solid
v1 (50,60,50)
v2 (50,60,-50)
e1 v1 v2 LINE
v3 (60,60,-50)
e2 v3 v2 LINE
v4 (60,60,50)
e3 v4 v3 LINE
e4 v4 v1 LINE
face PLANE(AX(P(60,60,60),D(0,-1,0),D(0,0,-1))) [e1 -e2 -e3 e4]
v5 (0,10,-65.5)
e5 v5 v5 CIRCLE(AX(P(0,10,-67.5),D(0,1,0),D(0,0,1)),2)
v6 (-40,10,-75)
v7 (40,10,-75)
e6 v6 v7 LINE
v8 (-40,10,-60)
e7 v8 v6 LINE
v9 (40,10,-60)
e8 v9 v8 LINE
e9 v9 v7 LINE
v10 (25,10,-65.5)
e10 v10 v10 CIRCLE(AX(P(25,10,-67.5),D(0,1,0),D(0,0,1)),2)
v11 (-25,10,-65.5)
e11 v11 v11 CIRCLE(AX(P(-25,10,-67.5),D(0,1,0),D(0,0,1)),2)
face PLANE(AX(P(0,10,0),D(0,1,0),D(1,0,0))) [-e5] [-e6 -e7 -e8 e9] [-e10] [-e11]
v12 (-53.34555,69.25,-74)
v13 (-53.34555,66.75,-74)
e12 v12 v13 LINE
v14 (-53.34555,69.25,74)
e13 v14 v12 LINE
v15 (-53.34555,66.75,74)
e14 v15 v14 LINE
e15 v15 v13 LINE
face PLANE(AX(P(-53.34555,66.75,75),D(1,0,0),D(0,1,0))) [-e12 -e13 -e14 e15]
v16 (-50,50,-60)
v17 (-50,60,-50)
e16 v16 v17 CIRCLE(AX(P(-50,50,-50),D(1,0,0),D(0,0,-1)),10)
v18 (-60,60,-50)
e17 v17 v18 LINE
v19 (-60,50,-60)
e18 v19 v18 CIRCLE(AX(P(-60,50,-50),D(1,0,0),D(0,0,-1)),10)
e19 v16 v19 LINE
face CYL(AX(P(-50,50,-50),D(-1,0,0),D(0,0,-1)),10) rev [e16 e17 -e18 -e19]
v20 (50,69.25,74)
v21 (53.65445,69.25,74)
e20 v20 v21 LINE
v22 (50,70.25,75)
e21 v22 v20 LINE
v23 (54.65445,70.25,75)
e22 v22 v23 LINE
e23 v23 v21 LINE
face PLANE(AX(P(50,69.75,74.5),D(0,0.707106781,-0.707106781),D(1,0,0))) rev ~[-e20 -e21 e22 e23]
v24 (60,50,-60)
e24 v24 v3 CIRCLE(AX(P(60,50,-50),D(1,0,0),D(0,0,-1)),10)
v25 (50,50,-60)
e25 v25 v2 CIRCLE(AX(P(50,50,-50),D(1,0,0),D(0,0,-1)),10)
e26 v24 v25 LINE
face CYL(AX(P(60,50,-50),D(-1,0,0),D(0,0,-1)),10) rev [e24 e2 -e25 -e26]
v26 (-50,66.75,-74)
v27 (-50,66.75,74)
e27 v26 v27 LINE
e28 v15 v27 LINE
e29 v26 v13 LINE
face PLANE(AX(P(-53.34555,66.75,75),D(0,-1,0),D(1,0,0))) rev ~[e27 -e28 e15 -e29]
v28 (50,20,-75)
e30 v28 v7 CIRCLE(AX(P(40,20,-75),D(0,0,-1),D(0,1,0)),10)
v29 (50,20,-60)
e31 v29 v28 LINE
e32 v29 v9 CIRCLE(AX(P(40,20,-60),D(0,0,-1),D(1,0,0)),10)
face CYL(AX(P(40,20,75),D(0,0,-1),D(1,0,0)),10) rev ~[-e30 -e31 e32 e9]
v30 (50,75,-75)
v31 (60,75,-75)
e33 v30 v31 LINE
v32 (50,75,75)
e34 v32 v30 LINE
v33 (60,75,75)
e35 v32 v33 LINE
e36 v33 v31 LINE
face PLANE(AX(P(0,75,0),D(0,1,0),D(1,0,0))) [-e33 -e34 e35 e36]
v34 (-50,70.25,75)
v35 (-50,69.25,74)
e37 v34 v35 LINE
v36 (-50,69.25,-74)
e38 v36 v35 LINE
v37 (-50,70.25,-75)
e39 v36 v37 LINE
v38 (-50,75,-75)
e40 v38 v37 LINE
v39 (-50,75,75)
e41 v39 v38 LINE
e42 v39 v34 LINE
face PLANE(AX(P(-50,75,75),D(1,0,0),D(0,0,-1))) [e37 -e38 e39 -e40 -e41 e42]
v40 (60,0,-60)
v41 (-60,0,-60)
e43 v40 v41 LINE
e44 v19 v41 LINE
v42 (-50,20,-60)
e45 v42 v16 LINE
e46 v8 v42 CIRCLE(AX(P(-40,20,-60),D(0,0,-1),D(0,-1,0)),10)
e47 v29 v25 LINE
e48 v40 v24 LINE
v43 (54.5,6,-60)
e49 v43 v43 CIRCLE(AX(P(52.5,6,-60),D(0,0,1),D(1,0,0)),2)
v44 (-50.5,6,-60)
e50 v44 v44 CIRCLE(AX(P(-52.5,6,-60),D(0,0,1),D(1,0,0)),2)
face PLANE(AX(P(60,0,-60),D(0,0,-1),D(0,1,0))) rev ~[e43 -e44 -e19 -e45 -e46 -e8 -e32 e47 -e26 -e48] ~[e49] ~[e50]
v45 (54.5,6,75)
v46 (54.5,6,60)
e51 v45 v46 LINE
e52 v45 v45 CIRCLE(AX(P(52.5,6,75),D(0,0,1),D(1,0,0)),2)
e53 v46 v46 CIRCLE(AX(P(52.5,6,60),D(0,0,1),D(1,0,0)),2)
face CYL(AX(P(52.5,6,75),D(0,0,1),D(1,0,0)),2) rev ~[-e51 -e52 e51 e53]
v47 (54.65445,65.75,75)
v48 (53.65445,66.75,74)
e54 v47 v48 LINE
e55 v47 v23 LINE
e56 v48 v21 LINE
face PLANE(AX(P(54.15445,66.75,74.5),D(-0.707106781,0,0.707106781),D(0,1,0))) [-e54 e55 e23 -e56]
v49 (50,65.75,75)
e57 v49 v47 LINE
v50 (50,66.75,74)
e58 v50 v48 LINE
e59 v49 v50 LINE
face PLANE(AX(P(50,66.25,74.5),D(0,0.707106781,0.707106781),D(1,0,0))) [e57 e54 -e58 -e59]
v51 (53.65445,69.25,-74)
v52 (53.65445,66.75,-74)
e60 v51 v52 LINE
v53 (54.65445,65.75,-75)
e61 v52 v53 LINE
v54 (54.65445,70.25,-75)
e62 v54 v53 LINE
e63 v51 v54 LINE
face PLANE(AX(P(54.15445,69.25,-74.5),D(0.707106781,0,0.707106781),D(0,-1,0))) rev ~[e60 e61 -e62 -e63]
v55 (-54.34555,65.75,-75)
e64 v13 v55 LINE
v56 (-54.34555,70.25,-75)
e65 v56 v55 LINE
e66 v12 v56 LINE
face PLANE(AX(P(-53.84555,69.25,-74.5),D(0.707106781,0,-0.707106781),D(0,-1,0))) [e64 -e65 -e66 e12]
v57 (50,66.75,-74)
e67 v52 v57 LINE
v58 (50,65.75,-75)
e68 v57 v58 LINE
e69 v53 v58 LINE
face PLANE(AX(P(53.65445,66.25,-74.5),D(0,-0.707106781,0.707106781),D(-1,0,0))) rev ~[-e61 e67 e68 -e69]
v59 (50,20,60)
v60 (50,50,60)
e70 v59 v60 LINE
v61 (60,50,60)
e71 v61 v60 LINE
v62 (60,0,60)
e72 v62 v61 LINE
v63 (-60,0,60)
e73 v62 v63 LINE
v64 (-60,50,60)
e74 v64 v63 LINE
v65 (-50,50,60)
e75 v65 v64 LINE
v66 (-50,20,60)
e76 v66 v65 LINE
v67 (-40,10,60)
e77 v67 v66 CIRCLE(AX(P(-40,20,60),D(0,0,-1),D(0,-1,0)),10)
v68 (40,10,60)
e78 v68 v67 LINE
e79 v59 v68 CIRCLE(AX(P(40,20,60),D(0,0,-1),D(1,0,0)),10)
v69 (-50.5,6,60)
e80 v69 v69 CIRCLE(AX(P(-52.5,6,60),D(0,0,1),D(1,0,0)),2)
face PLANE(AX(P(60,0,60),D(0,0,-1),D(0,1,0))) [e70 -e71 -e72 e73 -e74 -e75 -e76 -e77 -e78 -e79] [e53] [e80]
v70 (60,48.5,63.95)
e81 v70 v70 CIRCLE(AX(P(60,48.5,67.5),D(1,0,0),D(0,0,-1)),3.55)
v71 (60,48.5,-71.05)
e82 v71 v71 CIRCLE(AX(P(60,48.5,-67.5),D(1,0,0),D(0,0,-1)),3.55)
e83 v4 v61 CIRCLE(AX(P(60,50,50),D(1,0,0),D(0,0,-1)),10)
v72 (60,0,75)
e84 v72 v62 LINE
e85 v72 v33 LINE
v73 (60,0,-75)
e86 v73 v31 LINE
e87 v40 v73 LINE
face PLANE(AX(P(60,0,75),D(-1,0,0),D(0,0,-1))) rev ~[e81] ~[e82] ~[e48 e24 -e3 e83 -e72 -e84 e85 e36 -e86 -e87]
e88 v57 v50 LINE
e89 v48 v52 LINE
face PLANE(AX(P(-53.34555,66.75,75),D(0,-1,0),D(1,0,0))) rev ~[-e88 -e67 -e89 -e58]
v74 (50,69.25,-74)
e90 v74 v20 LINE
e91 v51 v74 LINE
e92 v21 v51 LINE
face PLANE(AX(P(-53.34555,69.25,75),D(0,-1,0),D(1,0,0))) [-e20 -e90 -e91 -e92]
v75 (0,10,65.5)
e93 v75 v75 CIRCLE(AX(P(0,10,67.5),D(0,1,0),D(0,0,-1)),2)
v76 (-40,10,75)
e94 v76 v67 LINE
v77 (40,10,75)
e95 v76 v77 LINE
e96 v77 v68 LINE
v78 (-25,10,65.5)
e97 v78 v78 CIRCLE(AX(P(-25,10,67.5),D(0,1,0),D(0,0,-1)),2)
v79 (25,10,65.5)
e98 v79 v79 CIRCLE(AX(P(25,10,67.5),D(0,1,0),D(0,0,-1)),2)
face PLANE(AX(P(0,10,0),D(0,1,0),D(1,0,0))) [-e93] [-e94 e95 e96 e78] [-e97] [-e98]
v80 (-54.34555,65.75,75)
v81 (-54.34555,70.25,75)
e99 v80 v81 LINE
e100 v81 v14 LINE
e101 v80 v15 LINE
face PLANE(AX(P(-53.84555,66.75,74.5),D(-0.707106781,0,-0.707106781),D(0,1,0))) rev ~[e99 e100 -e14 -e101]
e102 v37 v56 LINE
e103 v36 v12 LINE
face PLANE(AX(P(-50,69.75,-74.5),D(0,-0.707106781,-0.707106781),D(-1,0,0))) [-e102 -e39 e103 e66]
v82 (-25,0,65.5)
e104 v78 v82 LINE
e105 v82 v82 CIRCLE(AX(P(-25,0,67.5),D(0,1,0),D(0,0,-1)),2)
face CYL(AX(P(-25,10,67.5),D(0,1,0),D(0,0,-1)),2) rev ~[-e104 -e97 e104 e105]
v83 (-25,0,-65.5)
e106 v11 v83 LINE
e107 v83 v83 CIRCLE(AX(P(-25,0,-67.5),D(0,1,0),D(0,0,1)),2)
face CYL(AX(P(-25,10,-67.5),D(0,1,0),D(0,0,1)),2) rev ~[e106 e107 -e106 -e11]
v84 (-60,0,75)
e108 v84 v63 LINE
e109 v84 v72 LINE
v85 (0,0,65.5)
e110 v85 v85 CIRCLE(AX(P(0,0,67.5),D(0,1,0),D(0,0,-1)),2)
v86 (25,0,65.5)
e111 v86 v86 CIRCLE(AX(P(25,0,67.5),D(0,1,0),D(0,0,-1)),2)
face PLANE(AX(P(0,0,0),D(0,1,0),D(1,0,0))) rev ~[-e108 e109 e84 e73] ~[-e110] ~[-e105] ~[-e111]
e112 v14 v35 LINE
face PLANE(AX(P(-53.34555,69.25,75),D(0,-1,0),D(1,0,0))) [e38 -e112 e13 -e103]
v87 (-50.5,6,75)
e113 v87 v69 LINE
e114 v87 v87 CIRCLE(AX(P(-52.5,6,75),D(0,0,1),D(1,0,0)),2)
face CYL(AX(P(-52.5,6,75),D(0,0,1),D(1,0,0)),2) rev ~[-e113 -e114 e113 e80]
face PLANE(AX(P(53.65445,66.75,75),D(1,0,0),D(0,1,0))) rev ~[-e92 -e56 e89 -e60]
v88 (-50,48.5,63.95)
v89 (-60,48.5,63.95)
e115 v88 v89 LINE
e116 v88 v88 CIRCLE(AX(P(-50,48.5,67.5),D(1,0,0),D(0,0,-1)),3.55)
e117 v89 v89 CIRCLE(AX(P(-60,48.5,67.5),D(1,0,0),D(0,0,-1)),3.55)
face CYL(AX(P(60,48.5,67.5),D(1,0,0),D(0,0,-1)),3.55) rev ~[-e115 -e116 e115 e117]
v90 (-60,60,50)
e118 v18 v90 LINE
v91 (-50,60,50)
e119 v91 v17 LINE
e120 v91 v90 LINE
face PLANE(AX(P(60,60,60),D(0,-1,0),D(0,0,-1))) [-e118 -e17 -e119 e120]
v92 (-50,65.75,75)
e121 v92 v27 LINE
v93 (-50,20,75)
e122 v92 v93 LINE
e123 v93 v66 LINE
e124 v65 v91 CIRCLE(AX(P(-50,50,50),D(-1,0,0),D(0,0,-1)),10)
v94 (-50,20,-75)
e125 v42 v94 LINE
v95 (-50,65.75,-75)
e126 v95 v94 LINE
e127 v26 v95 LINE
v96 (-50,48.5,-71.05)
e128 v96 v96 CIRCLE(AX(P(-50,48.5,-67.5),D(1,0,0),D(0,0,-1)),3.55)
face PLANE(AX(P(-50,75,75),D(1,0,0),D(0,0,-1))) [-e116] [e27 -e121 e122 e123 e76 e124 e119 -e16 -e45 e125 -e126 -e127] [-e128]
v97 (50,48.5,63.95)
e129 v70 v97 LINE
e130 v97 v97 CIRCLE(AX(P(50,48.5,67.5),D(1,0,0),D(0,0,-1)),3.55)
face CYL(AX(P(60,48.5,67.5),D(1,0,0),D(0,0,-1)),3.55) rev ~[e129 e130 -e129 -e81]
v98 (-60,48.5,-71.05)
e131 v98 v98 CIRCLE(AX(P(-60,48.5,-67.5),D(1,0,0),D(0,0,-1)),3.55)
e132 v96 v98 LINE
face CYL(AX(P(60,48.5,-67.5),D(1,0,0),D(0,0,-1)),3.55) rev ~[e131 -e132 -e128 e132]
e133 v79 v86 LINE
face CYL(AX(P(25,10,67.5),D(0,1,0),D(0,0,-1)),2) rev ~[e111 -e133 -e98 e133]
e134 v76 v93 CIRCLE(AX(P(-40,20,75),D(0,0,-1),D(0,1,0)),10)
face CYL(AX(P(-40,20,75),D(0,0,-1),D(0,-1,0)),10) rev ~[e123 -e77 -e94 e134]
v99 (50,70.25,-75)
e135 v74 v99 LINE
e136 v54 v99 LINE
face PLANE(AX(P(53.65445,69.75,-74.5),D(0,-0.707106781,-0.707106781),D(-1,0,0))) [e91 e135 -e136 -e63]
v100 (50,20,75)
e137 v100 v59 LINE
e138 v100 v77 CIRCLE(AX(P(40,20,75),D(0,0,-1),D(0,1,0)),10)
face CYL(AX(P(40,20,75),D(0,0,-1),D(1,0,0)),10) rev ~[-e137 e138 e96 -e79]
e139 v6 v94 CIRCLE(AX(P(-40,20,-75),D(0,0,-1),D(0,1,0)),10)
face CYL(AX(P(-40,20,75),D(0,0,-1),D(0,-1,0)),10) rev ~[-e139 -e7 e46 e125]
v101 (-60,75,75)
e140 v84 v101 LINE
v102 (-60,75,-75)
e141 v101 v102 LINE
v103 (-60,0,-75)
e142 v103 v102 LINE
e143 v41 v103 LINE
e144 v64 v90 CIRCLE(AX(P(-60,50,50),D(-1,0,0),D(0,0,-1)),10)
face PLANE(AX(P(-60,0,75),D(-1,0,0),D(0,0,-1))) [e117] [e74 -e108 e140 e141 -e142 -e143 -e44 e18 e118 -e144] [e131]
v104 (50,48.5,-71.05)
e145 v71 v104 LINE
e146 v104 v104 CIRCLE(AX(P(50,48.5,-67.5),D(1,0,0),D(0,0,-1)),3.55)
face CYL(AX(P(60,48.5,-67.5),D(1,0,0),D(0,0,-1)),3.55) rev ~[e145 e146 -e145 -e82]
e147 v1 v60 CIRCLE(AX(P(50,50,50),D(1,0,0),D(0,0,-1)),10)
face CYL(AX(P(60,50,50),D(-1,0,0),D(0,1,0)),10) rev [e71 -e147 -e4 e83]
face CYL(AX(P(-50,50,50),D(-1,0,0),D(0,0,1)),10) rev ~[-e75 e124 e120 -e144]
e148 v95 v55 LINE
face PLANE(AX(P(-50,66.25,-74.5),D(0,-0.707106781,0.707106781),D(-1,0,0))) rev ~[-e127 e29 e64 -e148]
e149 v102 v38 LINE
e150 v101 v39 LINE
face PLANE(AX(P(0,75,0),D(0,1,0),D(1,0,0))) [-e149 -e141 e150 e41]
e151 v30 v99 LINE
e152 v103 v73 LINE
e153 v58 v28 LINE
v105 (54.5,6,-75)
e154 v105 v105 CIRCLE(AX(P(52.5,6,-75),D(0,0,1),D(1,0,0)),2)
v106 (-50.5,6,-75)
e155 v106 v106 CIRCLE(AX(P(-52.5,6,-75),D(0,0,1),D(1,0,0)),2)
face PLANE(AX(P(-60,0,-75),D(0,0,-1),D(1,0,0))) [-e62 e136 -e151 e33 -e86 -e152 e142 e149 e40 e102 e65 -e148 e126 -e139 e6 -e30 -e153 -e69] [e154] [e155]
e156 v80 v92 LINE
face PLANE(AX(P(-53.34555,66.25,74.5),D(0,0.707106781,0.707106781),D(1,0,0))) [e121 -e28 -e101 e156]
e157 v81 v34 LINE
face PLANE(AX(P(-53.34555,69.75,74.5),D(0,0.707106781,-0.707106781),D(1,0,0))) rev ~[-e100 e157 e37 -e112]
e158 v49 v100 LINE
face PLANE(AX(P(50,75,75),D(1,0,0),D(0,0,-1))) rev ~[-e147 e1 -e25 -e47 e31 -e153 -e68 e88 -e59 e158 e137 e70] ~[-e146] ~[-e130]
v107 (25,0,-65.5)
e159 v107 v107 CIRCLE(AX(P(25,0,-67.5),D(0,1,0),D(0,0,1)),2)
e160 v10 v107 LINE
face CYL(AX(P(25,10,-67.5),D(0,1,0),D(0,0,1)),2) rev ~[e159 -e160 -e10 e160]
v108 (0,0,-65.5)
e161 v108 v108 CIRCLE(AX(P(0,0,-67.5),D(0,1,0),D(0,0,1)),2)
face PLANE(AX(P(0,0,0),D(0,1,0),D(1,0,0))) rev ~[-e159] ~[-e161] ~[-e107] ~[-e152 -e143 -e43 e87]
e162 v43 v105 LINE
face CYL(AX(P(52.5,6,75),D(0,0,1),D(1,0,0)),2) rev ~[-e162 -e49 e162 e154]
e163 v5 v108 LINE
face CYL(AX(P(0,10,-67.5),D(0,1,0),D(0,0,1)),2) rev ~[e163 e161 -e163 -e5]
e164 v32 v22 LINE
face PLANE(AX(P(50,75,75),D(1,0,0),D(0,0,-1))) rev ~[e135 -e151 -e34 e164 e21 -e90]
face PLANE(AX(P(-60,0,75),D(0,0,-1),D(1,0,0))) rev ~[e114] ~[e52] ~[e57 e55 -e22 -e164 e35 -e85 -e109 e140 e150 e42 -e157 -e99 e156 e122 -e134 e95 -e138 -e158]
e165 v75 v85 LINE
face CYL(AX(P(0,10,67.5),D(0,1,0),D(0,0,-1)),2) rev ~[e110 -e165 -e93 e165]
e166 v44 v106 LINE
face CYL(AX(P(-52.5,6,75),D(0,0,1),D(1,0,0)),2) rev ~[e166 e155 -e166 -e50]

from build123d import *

# Parameters (mm, degrees)
SKETCH1_W           = 120
SKETCH1_H           = 150
BOSS_EXTRUDE1_DEPTH = 75
SKETCH3_W           = 107
SKETCH3_H           = 2.5
CUT_EXTRUDE2_DEPTH  = 179.115131306
SKETCH2_W           = 100
SKETCH2_H           = 150
CUT_EXTRUDE1_DEPTH  = 65
FILLET1_R           = 10
SKETCH4_R           = 2
CUT_EXTRUDE3_DEPTH  = 116.974135047
SKETCH5_R           = 2
CUT_EXTRUDE4_DEPTH  = 179.115131306
SKETCH6_R           = 3.55
CUT_EXTRUDE5_DEPTH  = 161.15617378
CHAMFER1_SIZE       = 1
SKETCH7_W           = 120
SKETCH7_H           = 60
CUT_EXTRUDE6_DEPTH  = 161.15617378
FILLET2_R           = 10


with BuildPart() as part:
    # Sketch1 → Boss-Extrude1 (new body)
    with BuildSketch(Plane(origin=(0, 0, 0), x_dir=(1, 0, 0), z_dir=(0, 1, 0))):
        Rectangle(SKETCH1_W, SKETCH1_H)
    extrude(amount=BOSS_EXTRUDE1_DEPTH)

    # Sketch3 → Cut-Extrude2 (cut, through all)
    with BuildSketch(Plane.XY.offset(75)):
        with Locations((0.15445013, 68)):
            Rectangle(SKETCH3_W, SKETCH3_H)
    extrude(amount=-CUT_EXTRUDE2_DEPTH, mode=Mode.SUBTRACT)

    # Sketch2 → Cut-Extrude1 (cut)
    with BuildSketch(Plane(origin=(0, 75, 0), x_dir=(1, 0, 0), z_dir=(0, 1, 0))):
        Rectangle(SKETCH2_W, SKETCH2_H)
    extrude(amount=-CUT_EXTRUDE1_DEPTH, mode=Mode.SUBTRACT)

    # Fillet1
    fillet1_edges = [part.edges().sort_by_distance(p)[0] for p in [
        (50, 10, 0),
        (-50, 10, 0),
    ]]
    fillet(fillet1_edges, radius=FILLET1_R)

    # Sketch4 → Cut-Extrude3 (cut, through all)
    with BuildSketch(Plane(origin=(0, 10, 0), x_dir=(1, 0, 0), z_dir=(0, 1, 0))):
        with Locations(Location((0, 67.5, 0), (0, 0, 270))):
            Circle(SKETCH4_R)
        with Locations(Location((25, 67.5, 0), (0, 0, 270))):
            Circle(SKETCH4_R)
        with Locations(Location((-25, 67.5, 0), (0, 0, 270))):
            Circle(SKETCH4_R)
        with Locations(Location((-25, -67.5, 0), (0, 0, 90))):
            Circle(SKETCH4_R)
        with Locations(Location((25, -67.5, 0), (0, 0, 90))):
            Circle(SKETCH4_R)
        with Locations(Location((0, -67.5, 0), (0, 0, 90))):
            Circle(SKETCH4_R)
    extrude(amount=-CUT_EXTRUDE3_DEPTH, mode=Mode.SUBTRACT)

    # Sketch5 → Cut-Extrude4 (cut, through all)
    with BuildSketch(Plane.XY.offset(75)):
        with Locations((-52.5, 6)):
            Circle(SKETCH5_R)
        with Locations((52.5, 6)):
            Circle(SKETCH5_R)
    extrude(amount=-CUT_EXTRUDE4_DEPTH, mode=Mode.SUBTRACT)

    # Sketch6 → Cut-Extrude5 (cut, through all)
    with BuildSketch(Plane(origin=(60, 0, 0), x_dir=(0, 0, -1), z_dir=(1, 0, 0))):
        with Locations((67.5, 48.5)):
            Circle(SKETCH6_R)
        with Locations((-67.5, 48.5)):
            Circle(SKETCH6_R)
    extrude(amount=-CUT_EXTRUDE5_DEPTH, mode=Mode.SUBTRACT)

    # Chamfer1
    chamfer1_edges = [part.edges().sort_by_distance(p)[0] for p in [
        (53.65445013, 68, -75),
        (-51.672774935, 66.75, -75),
        (-53.34554987, 68, -75),
        (51.827225065, 69.25, -75),
        (53.65445013, 68, 75),
        (51.827225065, 69.25, 75),
        (-53.34554987, 68, 75),
        (-51.672774935, 66.75, 75),
        (-51.672774935, 69.25, 75),
        (-51.672774935, 69.25, -75),
        (51.827225065, 66.75, 75),
        (51.827225065, 66.75, -75),
    ]]
    chamfer(chamfer1_edges, length=CHAMFER1_SIZE)

    # Sketch7 → Cut-Extrude6 (cut, through all)
    with BuildSketch(Plane(origin=(60, 0, 0), x_dir=(0, 0, -1), z_dir=(1, 0, 0))):
        with Locations((0, 30)):
            Rectangle(SKETCH7_W, SKETCH7_H)
    extrude(amount=-CUT_EXTRUDE6_DEPTH, mode=Mode.SUBTRACT)

    # Fillet2
    fillet2_edges = [part.edges().sort_by_distance(p)[0] for p in [
        (55, 60, 60),
        (-55, 60, 60),
        (-55, 60, -60),
        (55, 60, -60),
    ]]
    fillet(fillet2_edges, radius=FILLET2_R)


solid = part.part
